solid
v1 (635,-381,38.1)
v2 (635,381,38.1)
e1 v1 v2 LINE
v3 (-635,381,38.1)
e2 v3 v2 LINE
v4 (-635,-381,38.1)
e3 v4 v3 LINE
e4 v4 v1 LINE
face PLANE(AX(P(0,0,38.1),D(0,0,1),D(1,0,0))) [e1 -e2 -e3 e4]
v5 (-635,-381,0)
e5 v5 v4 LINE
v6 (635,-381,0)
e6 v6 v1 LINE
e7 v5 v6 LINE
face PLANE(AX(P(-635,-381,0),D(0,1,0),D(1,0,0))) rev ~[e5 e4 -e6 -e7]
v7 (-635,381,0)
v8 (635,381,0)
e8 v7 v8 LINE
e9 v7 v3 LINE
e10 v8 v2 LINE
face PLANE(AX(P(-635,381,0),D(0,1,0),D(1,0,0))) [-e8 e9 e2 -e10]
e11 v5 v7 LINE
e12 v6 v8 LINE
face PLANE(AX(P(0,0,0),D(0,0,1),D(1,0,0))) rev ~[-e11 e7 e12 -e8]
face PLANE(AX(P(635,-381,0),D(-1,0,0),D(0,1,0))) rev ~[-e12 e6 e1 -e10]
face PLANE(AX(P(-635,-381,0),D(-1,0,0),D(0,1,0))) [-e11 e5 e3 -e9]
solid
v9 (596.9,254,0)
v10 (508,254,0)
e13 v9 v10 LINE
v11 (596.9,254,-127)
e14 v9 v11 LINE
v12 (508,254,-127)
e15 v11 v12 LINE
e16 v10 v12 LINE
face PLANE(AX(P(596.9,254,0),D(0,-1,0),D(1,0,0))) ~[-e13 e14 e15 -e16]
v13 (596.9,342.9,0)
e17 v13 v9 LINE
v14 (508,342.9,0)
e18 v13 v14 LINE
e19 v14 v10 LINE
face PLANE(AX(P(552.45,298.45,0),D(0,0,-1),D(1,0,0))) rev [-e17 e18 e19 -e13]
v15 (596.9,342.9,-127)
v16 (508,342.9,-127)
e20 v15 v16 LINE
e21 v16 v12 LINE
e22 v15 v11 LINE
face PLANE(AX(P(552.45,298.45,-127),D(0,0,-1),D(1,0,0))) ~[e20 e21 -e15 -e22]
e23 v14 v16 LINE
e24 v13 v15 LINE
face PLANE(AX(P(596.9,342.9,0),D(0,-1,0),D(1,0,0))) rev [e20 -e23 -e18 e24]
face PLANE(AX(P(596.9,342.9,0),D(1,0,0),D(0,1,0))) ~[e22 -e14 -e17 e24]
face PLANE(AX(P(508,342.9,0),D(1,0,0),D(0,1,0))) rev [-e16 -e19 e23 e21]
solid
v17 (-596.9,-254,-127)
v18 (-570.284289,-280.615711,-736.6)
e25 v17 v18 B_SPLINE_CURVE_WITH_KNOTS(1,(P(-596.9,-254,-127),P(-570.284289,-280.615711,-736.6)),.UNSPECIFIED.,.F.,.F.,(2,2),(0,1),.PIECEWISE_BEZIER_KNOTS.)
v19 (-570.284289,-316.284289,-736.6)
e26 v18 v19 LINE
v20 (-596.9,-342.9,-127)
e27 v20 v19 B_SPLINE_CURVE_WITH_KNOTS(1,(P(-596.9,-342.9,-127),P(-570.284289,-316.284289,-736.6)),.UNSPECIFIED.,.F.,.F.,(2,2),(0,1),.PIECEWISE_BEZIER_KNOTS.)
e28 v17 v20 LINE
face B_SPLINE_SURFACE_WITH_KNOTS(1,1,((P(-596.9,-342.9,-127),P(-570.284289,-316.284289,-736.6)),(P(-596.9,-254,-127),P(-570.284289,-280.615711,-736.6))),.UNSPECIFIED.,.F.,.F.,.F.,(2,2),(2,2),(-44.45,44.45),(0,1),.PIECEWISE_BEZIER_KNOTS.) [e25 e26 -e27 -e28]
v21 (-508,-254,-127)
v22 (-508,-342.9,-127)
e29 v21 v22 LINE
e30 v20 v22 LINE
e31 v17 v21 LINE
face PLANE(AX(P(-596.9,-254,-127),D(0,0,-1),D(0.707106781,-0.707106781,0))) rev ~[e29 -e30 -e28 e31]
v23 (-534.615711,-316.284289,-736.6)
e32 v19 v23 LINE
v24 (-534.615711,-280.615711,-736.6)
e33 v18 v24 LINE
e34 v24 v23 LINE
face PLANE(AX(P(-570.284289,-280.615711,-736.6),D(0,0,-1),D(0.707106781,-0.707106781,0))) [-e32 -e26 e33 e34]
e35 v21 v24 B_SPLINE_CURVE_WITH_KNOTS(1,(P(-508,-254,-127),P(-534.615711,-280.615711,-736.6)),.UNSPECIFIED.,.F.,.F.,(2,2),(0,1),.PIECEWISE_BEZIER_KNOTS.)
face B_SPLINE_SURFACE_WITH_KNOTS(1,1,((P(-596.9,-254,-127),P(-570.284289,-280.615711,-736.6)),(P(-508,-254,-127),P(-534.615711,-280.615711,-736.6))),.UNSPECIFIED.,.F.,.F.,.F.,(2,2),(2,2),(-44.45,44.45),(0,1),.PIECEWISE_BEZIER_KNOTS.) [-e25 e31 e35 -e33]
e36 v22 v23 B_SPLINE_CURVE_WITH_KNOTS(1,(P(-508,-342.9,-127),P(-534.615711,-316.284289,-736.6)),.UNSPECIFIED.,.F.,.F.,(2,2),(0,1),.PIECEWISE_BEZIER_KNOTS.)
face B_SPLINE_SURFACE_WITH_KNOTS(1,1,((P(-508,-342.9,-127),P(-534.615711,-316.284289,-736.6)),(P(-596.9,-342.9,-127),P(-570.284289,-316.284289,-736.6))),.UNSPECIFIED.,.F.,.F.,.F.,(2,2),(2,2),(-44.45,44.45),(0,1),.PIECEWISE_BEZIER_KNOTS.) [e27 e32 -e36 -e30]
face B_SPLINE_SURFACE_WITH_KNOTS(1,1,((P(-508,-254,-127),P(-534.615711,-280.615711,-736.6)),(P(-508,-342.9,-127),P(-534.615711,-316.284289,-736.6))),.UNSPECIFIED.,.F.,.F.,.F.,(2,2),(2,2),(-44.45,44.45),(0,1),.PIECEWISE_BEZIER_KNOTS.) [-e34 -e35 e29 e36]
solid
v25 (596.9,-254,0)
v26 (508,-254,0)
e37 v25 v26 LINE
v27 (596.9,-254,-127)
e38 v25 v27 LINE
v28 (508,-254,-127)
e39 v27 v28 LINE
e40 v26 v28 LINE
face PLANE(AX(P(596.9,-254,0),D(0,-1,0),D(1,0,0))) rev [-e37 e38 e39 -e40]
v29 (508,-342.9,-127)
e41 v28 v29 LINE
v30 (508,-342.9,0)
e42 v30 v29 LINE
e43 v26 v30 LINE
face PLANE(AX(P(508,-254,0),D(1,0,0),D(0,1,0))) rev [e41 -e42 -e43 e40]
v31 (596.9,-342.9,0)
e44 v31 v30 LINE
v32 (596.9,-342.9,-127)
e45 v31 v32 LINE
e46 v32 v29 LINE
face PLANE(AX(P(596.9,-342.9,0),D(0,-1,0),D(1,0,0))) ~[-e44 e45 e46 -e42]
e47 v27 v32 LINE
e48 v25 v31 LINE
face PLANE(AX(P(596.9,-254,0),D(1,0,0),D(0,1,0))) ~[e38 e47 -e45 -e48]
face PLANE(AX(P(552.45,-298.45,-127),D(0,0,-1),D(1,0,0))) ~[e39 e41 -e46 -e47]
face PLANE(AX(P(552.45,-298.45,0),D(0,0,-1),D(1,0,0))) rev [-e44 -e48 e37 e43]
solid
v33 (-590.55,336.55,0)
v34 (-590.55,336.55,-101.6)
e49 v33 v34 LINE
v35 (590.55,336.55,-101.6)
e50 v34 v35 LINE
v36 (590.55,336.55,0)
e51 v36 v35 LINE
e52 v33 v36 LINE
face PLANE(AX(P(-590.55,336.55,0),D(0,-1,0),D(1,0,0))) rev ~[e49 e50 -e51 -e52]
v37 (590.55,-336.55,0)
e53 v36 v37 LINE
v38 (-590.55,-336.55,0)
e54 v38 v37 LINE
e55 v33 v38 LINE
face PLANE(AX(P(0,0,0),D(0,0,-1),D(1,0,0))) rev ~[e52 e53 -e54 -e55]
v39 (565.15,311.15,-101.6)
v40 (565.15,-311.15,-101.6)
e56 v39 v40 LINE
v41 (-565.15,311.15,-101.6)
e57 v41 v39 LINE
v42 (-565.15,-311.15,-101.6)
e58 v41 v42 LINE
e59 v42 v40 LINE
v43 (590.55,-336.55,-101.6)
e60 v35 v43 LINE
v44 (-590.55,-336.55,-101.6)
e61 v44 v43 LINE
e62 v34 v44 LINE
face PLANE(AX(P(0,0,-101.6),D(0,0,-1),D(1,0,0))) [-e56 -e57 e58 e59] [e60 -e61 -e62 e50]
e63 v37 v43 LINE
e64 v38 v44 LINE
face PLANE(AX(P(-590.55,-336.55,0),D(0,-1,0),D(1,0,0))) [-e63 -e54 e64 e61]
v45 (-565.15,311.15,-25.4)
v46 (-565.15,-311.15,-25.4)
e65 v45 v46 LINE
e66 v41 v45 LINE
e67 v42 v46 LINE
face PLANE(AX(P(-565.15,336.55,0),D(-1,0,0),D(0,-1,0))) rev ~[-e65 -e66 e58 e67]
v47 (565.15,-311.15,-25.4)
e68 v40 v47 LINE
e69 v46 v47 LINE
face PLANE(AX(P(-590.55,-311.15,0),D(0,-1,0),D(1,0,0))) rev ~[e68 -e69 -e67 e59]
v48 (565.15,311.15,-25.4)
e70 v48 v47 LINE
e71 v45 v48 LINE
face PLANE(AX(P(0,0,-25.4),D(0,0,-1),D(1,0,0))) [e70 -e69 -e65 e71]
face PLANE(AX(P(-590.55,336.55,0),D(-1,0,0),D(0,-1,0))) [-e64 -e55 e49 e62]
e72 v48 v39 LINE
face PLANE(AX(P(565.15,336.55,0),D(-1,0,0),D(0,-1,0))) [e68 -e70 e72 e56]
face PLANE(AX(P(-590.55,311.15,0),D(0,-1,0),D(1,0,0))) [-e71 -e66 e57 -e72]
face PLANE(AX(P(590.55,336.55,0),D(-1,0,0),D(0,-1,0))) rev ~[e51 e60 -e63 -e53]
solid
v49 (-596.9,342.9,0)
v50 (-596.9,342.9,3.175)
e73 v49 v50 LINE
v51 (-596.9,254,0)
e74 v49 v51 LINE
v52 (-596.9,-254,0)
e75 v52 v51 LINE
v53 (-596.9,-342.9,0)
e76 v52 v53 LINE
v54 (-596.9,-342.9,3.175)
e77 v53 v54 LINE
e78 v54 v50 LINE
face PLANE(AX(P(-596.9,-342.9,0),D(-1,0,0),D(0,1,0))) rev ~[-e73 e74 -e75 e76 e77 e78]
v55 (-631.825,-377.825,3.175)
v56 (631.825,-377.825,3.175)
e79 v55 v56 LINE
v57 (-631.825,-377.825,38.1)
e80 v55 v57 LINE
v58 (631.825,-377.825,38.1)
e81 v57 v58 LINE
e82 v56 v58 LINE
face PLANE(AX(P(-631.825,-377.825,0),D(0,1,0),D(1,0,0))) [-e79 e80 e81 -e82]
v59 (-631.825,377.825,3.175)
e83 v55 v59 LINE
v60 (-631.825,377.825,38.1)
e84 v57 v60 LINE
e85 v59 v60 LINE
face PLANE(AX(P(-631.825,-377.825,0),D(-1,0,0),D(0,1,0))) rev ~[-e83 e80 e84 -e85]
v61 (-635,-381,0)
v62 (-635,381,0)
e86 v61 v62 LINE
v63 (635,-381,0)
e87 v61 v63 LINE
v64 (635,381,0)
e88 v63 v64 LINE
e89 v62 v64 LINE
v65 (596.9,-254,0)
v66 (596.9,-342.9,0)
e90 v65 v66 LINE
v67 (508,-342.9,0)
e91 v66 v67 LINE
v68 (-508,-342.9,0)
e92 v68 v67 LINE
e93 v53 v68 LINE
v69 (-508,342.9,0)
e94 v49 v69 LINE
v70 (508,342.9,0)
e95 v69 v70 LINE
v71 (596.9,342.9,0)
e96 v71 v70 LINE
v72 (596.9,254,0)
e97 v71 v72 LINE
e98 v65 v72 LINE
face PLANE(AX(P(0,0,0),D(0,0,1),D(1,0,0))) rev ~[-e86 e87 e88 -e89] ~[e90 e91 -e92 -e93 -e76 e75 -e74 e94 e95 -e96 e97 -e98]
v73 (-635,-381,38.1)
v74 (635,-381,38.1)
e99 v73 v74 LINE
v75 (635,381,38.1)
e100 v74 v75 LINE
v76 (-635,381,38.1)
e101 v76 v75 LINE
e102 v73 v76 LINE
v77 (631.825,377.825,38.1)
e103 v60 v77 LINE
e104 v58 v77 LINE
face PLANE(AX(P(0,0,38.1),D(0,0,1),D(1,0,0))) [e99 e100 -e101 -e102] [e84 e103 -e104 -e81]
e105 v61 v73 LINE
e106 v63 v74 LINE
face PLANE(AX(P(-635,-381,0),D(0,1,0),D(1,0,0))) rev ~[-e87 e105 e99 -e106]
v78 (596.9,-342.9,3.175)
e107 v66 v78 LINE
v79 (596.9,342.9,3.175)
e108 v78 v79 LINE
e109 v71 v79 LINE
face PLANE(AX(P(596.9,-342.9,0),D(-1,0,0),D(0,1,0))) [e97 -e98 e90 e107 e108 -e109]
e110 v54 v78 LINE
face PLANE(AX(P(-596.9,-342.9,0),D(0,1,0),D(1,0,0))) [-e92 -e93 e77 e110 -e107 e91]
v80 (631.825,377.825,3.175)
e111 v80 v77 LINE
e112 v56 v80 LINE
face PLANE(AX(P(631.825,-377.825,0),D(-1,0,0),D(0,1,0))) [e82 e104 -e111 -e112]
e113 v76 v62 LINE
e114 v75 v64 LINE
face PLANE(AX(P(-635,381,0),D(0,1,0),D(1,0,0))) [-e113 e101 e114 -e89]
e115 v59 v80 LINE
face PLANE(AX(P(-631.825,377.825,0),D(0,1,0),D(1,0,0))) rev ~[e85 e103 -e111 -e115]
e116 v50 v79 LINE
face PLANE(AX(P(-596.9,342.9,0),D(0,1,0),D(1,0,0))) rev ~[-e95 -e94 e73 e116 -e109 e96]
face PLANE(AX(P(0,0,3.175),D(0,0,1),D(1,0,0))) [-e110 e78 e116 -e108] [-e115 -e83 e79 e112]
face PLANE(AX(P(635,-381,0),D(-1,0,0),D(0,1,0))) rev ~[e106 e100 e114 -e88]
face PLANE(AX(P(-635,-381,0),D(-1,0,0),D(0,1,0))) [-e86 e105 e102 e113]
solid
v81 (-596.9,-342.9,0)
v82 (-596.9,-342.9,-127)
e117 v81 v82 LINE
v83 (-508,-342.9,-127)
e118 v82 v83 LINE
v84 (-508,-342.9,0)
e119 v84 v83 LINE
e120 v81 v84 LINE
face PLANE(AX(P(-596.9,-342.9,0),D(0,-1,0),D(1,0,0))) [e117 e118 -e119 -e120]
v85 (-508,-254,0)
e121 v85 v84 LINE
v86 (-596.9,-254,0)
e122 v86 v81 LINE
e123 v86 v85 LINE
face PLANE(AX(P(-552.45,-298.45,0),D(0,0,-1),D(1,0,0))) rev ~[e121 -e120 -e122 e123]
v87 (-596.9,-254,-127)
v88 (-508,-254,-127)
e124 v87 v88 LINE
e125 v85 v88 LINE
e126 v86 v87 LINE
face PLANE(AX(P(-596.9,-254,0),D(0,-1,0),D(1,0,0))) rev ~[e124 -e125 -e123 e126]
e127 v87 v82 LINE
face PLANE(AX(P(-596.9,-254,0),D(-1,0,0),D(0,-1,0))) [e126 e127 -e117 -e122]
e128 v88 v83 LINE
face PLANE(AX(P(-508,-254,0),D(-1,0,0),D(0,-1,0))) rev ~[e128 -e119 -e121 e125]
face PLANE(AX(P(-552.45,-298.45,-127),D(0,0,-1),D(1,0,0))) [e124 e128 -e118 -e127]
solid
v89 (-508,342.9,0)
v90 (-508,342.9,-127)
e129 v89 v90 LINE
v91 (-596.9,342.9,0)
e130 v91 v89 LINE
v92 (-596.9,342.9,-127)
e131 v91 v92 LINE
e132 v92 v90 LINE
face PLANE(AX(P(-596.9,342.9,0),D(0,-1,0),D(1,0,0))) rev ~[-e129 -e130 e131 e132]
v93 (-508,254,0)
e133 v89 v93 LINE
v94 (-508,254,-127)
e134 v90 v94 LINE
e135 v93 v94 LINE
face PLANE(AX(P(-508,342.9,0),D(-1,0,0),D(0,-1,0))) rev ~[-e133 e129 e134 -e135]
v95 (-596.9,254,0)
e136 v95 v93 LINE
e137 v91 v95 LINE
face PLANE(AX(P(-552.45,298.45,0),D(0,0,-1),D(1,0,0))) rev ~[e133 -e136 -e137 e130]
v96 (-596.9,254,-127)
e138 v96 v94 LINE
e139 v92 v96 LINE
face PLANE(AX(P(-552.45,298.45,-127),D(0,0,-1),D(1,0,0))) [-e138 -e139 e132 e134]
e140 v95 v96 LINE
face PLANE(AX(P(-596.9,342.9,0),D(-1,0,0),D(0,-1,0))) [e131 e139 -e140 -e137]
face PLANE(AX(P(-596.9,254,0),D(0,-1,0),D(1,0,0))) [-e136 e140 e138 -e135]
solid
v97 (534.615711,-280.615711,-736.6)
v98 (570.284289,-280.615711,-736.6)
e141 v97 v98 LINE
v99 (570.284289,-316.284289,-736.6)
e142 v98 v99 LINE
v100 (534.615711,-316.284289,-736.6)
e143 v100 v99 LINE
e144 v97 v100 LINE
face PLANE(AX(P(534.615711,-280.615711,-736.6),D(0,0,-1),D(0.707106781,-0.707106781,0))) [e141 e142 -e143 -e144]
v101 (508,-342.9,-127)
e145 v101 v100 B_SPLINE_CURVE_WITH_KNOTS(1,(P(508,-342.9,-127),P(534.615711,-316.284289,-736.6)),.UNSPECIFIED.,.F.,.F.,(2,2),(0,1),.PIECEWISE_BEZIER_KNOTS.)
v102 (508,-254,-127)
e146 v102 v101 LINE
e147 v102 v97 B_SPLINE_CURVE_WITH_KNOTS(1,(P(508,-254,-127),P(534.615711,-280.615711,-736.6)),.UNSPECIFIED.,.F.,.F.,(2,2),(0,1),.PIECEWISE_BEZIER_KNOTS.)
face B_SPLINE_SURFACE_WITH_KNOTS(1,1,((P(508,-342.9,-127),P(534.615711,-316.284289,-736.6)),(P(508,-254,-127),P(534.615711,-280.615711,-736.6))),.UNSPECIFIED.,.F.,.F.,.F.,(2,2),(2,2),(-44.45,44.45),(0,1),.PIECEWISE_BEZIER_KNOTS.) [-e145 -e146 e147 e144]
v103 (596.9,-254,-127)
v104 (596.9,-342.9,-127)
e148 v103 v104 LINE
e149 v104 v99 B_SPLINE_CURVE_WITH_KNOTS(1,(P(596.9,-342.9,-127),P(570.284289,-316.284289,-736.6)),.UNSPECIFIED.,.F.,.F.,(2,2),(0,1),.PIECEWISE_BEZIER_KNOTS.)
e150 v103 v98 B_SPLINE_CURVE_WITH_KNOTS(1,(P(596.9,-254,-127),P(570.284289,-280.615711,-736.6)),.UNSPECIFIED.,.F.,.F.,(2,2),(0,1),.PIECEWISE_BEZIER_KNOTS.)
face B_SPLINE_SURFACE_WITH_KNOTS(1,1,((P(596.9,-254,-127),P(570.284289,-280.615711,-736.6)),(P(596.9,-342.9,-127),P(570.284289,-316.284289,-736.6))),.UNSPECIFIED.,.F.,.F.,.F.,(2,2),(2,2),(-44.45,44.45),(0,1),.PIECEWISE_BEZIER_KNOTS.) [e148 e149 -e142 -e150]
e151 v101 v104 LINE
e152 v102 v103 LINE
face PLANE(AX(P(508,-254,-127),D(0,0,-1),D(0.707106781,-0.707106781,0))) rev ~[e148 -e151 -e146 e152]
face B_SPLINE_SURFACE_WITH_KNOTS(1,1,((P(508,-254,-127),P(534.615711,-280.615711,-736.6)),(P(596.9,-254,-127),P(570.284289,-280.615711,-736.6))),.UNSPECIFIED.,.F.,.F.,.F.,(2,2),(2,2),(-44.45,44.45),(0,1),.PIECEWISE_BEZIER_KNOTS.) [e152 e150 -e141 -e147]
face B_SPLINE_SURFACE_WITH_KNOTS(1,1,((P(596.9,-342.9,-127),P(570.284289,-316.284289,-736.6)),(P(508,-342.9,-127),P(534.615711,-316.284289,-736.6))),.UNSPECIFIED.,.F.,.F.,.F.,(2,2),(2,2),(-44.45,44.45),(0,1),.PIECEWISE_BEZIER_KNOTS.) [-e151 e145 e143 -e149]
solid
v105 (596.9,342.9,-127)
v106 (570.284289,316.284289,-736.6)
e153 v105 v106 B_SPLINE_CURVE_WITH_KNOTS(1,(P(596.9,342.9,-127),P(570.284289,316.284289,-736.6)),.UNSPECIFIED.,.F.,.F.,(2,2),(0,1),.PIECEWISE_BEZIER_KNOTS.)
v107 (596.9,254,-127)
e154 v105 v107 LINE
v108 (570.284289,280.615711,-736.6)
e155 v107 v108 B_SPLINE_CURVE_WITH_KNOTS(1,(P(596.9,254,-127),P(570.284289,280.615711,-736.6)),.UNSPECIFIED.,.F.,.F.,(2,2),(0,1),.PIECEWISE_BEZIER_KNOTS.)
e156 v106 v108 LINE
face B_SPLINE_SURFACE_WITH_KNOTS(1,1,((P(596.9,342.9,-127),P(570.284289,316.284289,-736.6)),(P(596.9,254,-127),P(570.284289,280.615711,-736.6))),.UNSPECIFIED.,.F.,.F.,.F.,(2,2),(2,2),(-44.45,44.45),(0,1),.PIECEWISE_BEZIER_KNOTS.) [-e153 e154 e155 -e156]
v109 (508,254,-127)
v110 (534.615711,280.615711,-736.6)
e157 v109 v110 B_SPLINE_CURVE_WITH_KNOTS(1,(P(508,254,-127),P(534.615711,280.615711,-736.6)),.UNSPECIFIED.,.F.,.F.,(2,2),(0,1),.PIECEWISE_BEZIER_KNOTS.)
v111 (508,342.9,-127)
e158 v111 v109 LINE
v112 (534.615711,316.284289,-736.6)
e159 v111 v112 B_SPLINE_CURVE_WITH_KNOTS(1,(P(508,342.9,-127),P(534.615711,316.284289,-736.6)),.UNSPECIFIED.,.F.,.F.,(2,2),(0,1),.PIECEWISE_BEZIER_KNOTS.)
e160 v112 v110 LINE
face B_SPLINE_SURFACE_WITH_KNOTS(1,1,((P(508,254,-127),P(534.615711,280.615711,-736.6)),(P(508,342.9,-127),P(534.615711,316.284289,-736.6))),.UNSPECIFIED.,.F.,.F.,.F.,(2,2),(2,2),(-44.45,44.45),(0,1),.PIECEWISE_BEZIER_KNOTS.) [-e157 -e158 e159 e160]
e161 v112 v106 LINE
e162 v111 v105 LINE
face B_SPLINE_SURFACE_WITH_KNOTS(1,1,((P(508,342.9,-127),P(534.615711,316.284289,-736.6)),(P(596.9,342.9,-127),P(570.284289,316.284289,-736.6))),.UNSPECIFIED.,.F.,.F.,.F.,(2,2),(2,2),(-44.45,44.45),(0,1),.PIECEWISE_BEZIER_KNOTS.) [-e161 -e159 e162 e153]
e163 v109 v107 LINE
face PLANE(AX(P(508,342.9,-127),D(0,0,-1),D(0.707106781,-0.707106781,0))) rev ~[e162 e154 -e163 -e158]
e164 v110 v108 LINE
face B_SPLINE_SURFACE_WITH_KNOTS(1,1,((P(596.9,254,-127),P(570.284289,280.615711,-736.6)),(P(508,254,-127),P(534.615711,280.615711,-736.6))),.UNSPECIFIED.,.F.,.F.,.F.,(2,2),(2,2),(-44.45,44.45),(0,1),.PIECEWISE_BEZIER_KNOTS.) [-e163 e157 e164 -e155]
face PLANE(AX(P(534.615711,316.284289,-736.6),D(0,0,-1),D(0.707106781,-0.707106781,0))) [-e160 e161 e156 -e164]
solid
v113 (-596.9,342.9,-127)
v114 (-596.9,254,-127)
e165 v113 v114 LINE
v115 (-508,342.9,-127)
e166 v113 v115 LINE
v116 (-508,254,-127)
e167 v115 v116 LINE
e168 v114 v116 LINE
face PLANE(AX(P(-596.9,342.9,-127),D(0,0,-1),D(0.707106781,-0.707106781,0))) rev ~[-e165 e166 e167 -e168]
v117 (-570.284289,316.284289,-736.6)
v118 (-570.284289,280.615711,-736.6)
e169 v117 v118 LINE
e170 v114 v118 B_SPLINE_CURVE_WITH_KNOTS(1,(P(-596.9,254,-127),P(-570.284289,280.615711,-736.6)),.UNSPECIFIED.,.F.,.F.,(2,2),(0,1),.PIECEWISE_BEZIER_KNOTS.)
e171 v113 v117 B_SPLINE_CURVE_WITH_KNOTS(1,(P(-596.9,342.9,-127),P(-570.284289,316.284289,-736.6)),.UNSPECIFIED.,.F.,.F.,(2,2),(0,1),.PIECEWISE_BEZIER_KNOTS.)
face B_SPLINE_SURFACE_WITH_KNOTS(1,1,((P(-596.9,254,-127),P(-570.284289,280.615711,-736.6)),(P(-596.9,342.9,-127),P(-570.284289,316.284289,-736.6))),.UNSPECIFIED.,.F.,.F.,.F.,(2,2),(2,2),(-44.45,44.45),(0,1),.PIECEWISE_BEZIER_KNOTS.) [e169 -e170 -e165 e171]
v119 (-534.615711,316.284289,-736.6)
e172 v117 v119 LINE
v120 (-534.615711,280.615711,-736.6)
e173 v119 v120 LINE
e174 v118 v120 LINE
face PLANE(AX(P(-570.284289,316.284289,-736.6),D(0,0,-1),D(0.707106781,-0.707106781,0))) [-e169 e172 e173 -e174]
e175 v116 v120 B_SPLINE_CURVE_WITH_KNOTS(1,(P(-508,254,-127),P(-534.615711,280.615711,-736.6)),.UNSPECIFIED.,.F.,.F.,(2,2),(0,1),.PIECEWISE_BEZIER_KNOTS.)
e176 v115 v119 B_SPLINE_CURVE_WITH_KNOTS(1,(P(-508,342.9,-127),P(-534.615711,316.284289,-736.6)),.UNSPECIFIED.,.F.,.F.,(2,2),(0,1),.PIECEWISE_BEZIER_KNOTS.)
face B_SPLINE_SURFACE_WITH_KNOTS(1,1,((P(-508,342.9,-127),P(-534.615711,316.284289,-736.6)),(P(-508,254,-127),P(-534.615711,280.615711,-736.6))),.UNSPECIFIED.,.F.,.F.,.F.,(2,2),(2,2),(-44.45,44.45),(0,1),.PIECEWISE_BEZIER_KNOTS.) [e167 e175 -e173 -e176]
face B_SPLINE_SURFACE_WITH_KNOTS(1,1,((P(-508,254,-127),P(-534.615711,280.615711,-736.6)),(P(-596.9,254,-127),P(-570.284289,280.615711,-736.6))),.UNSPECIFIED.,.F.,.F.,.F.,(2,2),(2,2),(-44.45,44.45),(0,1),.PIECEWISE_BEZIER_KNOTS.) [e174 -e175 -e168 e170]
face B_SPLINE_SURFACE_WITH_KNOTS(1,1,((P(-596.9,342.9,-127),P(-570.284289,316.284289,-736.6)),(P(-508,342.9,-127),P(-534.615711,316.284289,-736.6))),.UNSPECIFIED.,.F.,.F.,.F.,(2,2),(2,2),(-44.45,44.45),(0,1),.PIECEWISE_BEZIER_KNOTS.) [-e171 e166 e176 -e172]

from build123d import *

# Parameters (mm, degrees)
F0_W      = 1270
F0_H      = 762
F0_W_2    = 1263.65
F0_H_2    = 755.65
F1_DEPTH  = 38.1
F3_W      = 88.9
F3_H      = 88.9
F4_DEPTH  = 127
F6_W      = 1181.1
F6_H      = 673.1
F7_DEPTH  = 101.6
F8_T      = -25.4
F9_W      = 1270
F9_H      = 762
F9_W_2    = 1193.8
F9_H_2    = 685.8
F10_DEPTH = 3.175
F11_W     = 1270
F11_H     = 762
F12_DEPTH = 38.1
F13_W     = 88.9
F13_H     = 88.9
F14_DEPTH = 609.6
F14_TAPER = 2.5


with BuildPart() as f1:
    # F0 (on Top) → F1 (new body)
    with BuildSketch(Plane.XY):
        Rectangle(F0_W, F0_H)
        Rectangle(F0_W_2, F0_H_2, mode=Mode.SUBTRACT)
    extrude(amount=F1_DEPTH)



with BuildPart() as f4:
    # F3 (on face) → F4 (new body)
    with BuildSketch(Plane(origin=(0, 0, 0), x_dir=(1, 0, 0), z_dir=(0, 0, -1))):
        with Locations((-552.45, 298.45)):
            Rectangle(F3_W, F3_H)
    extrude(amount=F4_DEPTH)


with BuildPart() as f4b:
    # F3 (on face) → F4, piece 2 (new body)
    with BuildSketch(Plane(origin=(0, 0, 0), x_dir=(1, 0, 0), z_dir=(0, 0, -1))):
        with Locations((-552.45, -298.45)):
            Rectangle(F3_W, F3_H)
    extrude(amount=F4_DEPTH)


with BuildPart() as f5_1:
    # F5: instance of F4
    add(f4.part.mirror(Plane.YZ))


with BuildPart() as f5_2:
    # F5: instance of F4b
    add(f4b.part.mirror(Plane.YZ))


with BuildPart() as f7:
    # F6 (on face) → F7 (new body)
    with BuildSketch(Plane(origin=(0, 0, 0), x_dir=(1, 0, 0), z_dir=(0, 0, -1))):
        Rectangle(F6_W, F6_H)
    extrude(amount=F7_DEPTH)

    # F8
    f8_openings = [f7.faces().sort_by_distance(p)[0] for p in [
        (0, 0, -101.6),
    ]]
    offset(amount=F8_T, openings=f8_openings)


with BuildPart() as f1_1:
    add(f1.part)

    add(f4.part)  # F10 merges F4

    add(f4b.part)  # F10 merges F4b

    add(f5_1.part)  # F10 merges F5_1

    add(f5_2.part)  # F10 merges F5_2
    # F9 (on Top) → F10 (join)
    with BuildSketch(Plane.XY):
        Rectangle(F9_W, F9_H)
        Rectangle(F9_W_2, F9_H_2, mode=Mode.SUBTRACT)
    extrude(amount=F10_DEPTH)


with BuildPart() as f12:
    # F11 (on Top) → F12 (new body)
    with BuildSketch(Plane.XY):
        Rectangle(F11_W, F11_H)
    extrude(amount=F12_DEPTH)


with BuildPart() as f14:
    # F13 (on face) → F14 (new body)
    with BuildSketch(Plane(origin=(0, 0, -127), x_dir=(1, 0, 0), z_dir=(0, 0, -1))):
        with Locations((-552.45, 298.45)):
            Rectangle(F13_W, F13_H)
    extrude(amount=F14_DEPTH, taper=F14_TAPER)


with BuildPart() as f14b:
    # F13 (on face) → F14, piece 2 (new body)
    with BuildSketch(Plane(origin=(0, 0, -127), x_dir=(1, 0, 0), z_dir=(0, 0, -1))):
        with Locations((552.45, 298.45)):
            Rectangle(F13_W, F13_H)
    extrude(amount=F14_DEPTH, taper=F14_TAPER)


with BuildPart() as f14c:
    # F13 (on face) → F14, piece 3 (new body)
    with BuildSketch(Plane(origin=(0, 0, -127), x_dir=(1, 0, 0), z_dir=(0, 0, -1))):
        with Locations((552.45, -298.45)):
            Rectangle(F13_W, F13_H)
    extrude(amount=F14_DEPTH, taper=F14_TAPER)


with BuildPart() as f14d:
    # F13 (on face) → F14, piece 4 (new body)
    with BuildSketch(Plane(origin=(0, 0, -127), x_dir=(1, 0, 0), z_dir=(0, 0, -1))):
        with Locations((-552.45, -298.45)):
            Rectangle(F13_W, F13_H)
    extrude(amount=F14_DEPTH, taper=F14_TAPER)


solid = Compound([f7.part, f1_1.part, f12.part, f14.part, f14b.part, f14c.part, f14d.part])
